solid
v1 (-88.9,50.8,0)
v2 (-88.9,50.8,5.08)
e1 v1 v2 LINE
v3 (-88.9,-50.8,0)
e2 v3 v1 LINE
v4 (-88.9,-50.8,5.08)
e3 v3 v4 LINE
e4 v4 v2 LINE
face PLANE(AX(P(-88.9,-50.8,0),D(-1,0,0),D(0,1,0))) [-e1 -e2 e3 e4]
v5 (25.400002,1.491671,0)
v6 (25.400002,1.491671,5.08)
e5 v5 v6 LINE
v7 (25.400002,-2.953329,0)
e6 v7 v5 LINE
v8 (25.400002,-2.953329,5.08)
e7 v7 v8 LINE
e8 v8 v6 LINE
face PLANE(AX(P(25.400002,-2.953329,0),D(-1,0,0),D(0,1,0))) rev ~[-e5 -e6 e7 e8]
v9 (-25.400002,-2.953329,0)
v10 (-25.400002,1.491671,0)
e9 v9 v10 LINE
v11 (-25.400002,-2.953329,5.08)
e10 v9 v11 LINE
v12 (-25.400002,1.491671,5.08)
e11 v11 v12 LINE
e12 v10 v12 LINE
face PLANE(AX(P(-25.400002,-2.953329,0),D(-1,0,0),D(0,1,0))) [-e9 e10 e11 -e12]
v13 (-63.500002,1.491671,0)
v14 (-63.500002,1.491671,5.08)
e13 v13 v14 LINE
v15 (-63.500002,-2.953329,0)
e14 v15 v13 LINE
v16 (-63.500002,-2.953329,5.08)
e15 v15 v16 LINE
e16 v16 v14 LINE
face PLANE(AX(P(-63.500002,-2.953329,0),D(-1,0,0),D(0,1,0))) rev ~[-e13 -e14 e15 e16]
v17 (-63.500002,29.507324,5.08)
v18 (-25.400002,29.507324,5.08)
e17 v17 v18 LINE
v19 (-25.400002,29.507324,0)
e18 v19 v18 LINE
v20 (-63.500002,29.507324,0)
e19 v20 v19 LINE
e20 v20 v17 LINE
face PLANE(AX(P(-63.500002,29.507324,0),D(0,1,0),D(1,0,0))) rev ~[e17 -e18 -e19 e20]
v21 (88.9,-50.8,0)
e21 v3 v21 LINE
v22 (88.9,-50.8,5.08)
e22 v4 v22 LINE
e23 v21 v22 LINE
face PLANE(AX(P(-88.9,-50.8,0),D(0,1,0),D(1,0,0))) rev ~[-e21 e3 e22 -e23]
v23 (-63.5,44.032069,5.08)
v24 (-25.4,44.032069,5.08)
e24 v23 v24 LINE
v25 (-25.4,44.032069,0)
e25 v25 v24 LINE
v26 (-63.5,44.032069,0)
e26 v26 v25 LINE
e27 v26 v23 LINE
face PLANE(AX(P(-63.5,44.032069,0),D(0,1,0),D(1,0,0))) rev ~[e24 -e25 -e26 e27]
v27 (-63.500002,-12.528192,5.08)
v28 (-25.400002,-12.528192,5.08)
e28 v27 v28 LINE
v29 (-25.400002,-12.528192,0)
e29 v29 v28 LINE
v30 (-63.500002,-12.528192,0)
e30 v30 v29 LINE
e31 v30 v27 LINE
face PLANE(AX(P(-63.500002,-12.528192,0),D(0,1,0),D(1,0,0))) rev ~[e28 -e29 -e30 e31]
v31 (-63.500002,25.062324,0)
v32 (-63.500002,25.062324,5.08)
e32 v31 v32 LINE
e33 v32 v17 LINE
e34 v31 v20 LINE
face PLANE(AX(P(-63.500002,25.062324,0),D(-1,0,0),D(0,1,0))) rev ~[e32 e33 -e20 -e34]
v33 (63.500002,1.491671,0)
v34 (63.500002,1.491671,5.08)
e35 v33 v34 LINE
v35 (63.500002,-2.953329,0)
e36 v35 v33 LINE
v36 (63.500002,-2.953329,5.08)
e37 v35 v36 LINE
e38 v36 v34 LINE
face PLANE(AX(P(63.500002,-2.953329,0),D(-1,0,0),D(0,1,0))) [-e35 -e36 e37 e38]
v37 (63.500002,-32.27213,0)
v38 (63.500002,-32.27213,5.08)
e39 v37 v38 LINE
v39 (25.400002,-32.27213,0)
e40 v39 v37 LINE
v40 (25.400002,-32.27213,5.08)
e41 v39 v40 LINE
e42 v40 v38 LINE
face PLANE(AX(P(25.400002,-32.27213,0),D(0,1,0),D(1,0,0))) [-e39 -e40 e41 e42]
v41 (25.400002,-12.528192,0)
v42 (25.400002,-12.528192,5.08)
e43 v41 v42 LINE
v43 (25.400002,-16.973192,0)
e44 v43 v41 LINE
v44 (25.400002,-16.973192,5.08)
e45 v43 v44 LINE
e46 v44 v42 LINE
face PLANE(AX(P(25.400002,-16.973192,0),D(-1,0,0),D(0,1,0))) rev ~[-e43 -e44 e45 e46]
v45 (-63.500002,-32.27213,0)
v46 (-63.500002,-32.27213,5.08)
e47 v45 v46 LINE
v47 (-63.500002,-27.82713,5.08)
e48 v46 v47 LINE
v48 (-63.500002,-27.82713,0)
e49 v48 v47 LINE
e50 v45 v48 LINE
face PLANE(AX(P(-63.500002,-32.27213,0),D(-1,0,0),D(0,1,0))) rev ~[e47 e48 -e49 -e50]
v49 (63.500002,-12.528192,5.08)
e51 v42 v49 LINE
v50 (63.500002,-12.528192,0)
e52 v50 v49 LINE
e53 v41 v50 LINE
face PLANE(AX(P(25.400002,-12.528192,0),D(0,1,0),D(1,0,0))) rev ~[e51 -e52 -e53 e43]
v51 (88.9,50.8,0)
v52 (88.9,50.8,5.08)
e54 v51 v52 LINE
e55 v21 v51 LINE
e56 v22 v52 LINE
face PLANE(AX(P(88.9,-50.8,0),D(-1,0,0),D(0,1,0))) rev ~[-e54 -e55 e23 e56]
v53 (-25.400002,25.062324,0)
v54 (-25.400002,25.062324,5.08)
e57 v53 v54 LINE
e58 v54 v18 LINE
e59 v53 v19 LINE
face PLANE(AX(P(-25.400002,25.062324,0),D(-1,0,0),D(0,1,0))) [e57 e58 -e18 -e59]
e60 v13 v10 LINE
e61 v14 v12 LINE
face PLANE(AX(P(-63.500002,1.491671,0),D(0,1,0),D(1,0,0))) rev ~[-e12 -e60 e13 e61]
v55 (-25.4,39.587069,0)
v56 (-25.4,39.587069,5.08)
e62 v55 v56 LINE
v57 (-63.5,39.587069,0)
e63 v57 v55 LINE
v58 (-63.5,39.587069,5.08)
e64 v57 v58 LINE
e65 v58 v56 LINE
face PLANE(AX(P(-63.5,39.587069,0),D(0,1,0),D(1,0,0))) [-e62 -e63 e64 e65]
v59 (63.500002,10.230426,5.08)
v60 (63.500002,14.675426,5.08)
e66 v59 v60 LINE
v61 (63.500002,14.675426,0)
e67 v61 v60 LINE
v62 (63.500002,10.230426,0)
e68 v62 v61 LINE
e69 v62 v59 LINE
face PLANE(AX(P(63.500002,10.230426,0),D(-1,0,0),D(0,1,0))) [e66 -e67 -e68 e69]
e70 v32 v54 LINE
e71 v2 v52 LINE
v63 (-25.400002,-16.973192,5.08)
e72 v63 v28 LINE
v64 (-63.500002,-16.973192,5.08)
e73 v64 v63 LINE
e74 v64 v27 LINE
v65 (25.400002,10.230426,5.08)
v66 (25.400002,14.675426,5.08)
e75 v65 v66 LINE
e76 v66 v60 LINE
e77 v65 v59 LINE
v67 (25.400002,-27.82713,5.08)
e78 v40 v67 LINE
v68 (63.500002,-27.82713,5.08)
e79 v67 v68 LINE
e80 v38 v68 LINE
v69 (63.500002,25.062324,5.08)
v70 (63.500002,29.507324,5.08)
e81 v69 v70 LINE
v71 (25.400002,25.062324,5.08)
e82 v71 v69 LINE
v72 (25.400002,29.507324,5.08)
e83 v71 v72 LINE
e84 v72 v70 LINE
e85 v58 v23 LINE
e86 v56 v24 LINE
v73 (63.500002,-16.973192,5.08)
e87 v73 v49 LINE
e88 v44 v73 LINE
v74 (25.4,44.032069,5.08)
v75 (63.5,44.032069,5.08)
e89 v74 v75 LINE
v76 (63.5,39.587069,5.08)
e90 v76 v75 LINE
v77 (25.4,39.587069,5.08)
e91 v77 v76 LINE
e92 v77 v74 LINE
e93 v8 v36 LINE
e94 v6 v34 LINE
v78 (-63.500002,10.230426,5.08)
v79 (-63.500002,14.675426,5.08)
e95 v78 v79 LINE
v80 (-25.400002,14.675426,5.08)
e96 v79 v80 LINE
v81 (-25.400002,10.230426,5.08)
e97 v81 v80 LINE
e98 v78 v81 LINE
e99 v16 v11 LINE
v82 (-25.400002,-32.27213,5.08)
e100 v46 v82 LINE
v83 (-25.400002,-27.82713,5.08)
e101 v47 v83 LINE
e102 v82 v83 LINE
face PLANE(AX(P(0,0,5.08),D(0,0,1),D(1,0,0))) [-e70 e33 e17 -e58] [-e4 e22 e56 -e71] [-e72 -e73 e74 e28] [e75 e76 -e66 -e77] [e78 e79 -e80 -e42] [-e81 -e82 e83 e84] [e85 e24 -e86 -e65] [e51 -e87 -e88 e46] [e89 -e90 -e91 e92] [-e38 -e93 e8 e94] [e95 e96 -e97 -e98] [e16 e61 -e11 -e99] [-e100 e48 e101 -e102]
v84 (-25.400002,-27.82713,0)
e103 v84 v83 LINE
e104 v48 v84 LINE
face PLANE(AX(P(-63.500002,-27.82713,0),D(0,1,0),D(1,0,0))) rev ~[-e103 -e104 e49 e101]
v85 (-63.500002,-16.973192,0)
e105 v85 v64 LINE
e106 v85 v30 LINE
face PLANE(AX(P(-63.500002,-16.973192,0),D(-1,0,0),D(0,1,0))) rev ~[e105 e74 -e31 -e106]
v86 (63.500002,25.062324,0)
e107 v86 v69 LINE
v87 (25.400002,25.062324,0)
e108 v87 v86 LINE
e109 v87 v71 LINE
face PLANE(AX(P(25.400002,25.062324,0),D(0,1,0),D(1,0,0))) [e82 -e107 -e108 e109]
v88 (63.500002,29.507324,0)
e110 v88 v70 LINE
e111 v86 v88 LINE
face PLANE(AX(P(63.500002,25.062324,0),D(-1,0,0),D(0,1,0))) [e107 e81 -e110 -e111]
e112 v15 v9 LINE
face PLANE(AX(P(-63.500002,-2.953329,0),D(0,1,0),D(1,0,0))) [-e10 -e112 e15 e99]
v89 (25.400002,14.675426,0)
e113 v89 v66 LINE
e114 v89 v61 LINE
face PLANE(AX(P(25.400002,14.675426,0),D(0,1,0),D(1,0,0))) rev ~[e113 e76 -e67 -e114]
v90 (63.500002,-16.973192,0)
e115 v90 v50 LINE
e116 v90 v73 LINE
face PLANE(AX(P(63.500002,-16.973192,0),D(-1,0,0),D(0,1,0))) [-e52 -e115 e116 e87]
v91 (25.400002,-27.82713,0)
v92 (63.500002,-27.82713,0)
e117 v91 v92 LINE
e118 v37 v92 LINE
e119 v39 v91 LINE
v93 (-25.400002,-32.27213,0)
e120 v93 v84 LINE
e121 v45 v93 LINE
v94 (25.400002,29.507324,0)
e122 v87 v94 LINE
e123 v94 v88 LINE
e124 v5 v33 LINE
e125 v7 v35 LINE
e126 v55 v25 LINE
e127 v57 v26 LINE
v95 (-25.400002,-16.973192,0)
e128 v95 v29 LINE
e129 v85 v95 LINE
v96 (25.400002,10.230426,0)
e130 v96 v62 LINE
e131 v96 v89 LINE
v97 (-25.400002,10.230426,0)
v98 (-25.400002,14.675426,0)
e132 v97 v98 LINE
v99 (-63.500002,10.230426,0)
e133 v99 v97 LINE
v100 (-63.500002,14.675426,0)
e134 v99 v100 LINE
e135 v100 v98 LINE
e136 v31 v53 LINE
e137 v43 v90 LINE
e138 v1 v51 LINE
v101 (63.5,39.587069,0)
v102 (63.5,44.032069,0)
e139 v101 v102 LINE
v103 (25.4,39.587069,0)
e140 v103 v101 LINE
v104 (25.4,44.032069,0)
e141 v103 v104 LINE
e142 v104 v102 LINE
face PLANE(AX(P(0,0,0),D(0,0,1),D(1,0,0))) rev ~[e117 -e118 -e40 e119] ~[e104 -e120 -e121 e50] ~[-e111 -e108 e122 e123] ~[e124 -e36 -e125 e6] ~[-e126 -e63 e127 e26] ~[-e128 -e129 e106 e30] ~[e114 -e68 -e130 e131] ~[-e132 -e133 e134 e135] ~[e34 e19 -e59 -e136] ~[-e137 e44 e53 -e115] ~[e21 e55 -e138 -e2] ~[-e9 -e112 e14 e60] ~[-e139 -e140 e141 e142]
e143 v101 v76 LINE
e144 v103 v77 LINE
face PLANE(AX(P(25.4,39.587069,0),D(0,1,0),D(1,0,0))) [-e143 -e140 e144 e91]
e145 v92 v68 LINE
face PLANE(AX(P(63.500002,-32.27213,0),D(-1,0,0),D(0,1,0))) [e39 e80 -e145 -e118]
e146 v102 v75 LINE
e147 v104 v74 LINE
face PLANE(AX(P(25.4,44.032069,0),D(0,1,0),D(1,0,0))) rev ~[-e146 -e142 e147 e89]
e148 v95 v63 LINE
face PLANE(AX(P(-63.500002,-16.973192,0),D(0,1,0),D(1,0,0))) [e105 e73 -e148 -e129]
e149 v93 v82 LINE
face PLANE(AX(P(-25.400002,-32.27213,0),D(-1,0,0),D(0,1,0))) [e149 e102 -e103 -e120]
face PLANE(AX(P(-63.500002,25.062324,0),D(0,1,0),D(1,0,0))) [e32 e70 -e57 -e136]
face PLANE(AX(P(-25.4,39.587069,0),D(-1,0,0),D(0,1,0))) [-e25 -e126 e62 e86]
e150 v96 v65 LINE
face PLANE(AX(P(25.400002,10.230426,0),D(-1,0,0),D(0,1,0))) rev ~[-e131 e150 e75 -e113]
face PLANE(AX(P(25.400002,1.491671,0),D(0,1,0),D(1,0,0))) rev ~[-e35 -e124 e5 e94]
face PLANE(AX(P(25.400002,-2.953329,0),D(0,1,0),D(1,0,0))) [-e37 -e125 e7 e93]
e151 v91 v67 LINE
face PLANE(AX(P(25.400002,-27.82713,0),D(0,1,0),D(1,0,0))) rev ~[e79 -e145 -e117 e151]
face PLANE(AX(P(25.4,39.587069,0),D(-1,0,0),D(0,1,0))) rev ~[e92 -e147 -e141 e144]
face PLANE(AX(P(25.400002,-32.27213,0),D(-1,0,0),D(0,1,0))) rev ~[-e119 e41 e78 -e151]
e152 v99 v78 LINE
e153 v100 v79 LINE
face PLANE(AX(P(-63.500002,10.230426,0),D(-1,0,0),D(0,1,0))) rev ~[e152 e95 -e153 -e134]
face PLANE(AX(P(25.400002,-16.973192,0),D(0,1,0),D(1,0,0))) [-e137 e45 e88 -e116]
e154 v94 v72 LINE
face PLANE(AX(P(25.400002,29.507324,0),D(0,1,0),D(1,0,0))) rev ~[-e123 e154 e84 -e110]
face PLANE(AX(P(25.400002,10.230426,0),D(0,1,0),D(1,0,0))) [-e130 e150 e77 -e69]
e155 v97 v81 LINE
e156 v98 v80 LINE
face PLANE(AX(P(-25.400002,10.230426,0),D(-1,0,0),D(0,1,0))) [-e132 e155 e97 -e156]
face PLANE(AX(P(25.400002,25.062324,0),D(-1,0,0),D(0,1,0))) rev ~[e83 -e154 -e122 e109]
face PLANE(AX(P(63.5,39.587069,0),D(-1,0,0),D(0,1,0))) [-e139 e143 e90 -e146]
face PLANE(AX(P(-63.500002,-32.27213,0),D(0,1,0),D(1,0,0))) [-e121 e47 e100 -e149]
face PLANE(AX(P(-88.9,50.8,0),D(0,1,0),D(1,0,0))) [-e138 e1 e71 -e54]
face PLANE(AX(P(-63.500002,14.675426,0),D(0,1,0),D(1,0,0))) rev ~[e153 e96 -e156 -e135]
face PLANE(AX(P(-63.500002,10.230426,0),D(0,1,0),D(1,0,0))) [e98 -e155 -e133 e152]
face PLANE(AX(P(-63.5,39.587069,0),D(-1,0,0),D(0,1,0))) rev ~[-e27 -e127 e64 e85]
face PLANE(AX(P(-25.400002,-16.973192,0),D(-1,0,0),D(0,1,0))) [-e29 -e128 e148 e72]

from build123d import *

# Parameters (mm, degrees)
F0_W     = 177.8
F0_H     = 101.6
F0_W_2   = 38.1
F0_H_2   = 4.445
F1_DEPTH = 5.08


with BuildPart() as f1:
    # F0 (on Top) → F1 (new body)
    with BuildSketch(Plane.XY):
        Rectangle(F0_W, F0_H)
        with Locations((-44.450002, -30.04963)):
            Rectangle(F0_W_2, F0_H_2, mode=Mode.SUBTRACT)
        with Locations((-44.450002, -14.750692)):
            Rectangle(F0_W_2, F0_H_2, mode=Mode.SUBTRACT)
        with Locations((-44.450002, -0.730829)):
            Rectangle(F0_W_2, F0_H_2, mode=Mode.SUBTRACT)
        with Locations((44.450002, -30.04963)):
            Rectangle(F0_W_2, F0_H_2, mode=Mode.SUBTRACT)
        with Locations((44.450002, -14.750692)):
            Rectangle(F0_W_2, F0_H_2, mode=Mode.SUBTRACT)
        with Locations((44.450002, -0.730829)):
            Rectangle(F0_W_2, F0_H_2, mode=Mode.SUBTRACT)
        with Locations((-44.450002, 12.452926)):
            Rectangle(F0_W_2, F0_H_2, mode=Mode.SUBTRACT)
        with Locations((-44.450002, 27.284824)):
            Rectangle(F0_W_2, F0_H_2, mode=Mode.SUBTRACT)
        with Locations((-44.45, 41.809569)):
            Rectangle(F0_W_2, F0_H_2, mode=Mode.SUBTRACT)
        with Locations((44.450002, 12.452926)):
            Rectangle(F0_W_2, F0_H_2, mode=Mode.SUBTRACT)
        with Locations((44.450002, 27.284824)):
            Rectangle(F0_W_2, F0_H_2, mode=Mode.SUBTRACT)
        with Locations((44.45, 41.809569)):
            Rectangle(F0_W_2, F0_H_2, mode=Mode.SUBTRACT)
    extrude(amount=F1_DEPTH)


solid = f1.part
